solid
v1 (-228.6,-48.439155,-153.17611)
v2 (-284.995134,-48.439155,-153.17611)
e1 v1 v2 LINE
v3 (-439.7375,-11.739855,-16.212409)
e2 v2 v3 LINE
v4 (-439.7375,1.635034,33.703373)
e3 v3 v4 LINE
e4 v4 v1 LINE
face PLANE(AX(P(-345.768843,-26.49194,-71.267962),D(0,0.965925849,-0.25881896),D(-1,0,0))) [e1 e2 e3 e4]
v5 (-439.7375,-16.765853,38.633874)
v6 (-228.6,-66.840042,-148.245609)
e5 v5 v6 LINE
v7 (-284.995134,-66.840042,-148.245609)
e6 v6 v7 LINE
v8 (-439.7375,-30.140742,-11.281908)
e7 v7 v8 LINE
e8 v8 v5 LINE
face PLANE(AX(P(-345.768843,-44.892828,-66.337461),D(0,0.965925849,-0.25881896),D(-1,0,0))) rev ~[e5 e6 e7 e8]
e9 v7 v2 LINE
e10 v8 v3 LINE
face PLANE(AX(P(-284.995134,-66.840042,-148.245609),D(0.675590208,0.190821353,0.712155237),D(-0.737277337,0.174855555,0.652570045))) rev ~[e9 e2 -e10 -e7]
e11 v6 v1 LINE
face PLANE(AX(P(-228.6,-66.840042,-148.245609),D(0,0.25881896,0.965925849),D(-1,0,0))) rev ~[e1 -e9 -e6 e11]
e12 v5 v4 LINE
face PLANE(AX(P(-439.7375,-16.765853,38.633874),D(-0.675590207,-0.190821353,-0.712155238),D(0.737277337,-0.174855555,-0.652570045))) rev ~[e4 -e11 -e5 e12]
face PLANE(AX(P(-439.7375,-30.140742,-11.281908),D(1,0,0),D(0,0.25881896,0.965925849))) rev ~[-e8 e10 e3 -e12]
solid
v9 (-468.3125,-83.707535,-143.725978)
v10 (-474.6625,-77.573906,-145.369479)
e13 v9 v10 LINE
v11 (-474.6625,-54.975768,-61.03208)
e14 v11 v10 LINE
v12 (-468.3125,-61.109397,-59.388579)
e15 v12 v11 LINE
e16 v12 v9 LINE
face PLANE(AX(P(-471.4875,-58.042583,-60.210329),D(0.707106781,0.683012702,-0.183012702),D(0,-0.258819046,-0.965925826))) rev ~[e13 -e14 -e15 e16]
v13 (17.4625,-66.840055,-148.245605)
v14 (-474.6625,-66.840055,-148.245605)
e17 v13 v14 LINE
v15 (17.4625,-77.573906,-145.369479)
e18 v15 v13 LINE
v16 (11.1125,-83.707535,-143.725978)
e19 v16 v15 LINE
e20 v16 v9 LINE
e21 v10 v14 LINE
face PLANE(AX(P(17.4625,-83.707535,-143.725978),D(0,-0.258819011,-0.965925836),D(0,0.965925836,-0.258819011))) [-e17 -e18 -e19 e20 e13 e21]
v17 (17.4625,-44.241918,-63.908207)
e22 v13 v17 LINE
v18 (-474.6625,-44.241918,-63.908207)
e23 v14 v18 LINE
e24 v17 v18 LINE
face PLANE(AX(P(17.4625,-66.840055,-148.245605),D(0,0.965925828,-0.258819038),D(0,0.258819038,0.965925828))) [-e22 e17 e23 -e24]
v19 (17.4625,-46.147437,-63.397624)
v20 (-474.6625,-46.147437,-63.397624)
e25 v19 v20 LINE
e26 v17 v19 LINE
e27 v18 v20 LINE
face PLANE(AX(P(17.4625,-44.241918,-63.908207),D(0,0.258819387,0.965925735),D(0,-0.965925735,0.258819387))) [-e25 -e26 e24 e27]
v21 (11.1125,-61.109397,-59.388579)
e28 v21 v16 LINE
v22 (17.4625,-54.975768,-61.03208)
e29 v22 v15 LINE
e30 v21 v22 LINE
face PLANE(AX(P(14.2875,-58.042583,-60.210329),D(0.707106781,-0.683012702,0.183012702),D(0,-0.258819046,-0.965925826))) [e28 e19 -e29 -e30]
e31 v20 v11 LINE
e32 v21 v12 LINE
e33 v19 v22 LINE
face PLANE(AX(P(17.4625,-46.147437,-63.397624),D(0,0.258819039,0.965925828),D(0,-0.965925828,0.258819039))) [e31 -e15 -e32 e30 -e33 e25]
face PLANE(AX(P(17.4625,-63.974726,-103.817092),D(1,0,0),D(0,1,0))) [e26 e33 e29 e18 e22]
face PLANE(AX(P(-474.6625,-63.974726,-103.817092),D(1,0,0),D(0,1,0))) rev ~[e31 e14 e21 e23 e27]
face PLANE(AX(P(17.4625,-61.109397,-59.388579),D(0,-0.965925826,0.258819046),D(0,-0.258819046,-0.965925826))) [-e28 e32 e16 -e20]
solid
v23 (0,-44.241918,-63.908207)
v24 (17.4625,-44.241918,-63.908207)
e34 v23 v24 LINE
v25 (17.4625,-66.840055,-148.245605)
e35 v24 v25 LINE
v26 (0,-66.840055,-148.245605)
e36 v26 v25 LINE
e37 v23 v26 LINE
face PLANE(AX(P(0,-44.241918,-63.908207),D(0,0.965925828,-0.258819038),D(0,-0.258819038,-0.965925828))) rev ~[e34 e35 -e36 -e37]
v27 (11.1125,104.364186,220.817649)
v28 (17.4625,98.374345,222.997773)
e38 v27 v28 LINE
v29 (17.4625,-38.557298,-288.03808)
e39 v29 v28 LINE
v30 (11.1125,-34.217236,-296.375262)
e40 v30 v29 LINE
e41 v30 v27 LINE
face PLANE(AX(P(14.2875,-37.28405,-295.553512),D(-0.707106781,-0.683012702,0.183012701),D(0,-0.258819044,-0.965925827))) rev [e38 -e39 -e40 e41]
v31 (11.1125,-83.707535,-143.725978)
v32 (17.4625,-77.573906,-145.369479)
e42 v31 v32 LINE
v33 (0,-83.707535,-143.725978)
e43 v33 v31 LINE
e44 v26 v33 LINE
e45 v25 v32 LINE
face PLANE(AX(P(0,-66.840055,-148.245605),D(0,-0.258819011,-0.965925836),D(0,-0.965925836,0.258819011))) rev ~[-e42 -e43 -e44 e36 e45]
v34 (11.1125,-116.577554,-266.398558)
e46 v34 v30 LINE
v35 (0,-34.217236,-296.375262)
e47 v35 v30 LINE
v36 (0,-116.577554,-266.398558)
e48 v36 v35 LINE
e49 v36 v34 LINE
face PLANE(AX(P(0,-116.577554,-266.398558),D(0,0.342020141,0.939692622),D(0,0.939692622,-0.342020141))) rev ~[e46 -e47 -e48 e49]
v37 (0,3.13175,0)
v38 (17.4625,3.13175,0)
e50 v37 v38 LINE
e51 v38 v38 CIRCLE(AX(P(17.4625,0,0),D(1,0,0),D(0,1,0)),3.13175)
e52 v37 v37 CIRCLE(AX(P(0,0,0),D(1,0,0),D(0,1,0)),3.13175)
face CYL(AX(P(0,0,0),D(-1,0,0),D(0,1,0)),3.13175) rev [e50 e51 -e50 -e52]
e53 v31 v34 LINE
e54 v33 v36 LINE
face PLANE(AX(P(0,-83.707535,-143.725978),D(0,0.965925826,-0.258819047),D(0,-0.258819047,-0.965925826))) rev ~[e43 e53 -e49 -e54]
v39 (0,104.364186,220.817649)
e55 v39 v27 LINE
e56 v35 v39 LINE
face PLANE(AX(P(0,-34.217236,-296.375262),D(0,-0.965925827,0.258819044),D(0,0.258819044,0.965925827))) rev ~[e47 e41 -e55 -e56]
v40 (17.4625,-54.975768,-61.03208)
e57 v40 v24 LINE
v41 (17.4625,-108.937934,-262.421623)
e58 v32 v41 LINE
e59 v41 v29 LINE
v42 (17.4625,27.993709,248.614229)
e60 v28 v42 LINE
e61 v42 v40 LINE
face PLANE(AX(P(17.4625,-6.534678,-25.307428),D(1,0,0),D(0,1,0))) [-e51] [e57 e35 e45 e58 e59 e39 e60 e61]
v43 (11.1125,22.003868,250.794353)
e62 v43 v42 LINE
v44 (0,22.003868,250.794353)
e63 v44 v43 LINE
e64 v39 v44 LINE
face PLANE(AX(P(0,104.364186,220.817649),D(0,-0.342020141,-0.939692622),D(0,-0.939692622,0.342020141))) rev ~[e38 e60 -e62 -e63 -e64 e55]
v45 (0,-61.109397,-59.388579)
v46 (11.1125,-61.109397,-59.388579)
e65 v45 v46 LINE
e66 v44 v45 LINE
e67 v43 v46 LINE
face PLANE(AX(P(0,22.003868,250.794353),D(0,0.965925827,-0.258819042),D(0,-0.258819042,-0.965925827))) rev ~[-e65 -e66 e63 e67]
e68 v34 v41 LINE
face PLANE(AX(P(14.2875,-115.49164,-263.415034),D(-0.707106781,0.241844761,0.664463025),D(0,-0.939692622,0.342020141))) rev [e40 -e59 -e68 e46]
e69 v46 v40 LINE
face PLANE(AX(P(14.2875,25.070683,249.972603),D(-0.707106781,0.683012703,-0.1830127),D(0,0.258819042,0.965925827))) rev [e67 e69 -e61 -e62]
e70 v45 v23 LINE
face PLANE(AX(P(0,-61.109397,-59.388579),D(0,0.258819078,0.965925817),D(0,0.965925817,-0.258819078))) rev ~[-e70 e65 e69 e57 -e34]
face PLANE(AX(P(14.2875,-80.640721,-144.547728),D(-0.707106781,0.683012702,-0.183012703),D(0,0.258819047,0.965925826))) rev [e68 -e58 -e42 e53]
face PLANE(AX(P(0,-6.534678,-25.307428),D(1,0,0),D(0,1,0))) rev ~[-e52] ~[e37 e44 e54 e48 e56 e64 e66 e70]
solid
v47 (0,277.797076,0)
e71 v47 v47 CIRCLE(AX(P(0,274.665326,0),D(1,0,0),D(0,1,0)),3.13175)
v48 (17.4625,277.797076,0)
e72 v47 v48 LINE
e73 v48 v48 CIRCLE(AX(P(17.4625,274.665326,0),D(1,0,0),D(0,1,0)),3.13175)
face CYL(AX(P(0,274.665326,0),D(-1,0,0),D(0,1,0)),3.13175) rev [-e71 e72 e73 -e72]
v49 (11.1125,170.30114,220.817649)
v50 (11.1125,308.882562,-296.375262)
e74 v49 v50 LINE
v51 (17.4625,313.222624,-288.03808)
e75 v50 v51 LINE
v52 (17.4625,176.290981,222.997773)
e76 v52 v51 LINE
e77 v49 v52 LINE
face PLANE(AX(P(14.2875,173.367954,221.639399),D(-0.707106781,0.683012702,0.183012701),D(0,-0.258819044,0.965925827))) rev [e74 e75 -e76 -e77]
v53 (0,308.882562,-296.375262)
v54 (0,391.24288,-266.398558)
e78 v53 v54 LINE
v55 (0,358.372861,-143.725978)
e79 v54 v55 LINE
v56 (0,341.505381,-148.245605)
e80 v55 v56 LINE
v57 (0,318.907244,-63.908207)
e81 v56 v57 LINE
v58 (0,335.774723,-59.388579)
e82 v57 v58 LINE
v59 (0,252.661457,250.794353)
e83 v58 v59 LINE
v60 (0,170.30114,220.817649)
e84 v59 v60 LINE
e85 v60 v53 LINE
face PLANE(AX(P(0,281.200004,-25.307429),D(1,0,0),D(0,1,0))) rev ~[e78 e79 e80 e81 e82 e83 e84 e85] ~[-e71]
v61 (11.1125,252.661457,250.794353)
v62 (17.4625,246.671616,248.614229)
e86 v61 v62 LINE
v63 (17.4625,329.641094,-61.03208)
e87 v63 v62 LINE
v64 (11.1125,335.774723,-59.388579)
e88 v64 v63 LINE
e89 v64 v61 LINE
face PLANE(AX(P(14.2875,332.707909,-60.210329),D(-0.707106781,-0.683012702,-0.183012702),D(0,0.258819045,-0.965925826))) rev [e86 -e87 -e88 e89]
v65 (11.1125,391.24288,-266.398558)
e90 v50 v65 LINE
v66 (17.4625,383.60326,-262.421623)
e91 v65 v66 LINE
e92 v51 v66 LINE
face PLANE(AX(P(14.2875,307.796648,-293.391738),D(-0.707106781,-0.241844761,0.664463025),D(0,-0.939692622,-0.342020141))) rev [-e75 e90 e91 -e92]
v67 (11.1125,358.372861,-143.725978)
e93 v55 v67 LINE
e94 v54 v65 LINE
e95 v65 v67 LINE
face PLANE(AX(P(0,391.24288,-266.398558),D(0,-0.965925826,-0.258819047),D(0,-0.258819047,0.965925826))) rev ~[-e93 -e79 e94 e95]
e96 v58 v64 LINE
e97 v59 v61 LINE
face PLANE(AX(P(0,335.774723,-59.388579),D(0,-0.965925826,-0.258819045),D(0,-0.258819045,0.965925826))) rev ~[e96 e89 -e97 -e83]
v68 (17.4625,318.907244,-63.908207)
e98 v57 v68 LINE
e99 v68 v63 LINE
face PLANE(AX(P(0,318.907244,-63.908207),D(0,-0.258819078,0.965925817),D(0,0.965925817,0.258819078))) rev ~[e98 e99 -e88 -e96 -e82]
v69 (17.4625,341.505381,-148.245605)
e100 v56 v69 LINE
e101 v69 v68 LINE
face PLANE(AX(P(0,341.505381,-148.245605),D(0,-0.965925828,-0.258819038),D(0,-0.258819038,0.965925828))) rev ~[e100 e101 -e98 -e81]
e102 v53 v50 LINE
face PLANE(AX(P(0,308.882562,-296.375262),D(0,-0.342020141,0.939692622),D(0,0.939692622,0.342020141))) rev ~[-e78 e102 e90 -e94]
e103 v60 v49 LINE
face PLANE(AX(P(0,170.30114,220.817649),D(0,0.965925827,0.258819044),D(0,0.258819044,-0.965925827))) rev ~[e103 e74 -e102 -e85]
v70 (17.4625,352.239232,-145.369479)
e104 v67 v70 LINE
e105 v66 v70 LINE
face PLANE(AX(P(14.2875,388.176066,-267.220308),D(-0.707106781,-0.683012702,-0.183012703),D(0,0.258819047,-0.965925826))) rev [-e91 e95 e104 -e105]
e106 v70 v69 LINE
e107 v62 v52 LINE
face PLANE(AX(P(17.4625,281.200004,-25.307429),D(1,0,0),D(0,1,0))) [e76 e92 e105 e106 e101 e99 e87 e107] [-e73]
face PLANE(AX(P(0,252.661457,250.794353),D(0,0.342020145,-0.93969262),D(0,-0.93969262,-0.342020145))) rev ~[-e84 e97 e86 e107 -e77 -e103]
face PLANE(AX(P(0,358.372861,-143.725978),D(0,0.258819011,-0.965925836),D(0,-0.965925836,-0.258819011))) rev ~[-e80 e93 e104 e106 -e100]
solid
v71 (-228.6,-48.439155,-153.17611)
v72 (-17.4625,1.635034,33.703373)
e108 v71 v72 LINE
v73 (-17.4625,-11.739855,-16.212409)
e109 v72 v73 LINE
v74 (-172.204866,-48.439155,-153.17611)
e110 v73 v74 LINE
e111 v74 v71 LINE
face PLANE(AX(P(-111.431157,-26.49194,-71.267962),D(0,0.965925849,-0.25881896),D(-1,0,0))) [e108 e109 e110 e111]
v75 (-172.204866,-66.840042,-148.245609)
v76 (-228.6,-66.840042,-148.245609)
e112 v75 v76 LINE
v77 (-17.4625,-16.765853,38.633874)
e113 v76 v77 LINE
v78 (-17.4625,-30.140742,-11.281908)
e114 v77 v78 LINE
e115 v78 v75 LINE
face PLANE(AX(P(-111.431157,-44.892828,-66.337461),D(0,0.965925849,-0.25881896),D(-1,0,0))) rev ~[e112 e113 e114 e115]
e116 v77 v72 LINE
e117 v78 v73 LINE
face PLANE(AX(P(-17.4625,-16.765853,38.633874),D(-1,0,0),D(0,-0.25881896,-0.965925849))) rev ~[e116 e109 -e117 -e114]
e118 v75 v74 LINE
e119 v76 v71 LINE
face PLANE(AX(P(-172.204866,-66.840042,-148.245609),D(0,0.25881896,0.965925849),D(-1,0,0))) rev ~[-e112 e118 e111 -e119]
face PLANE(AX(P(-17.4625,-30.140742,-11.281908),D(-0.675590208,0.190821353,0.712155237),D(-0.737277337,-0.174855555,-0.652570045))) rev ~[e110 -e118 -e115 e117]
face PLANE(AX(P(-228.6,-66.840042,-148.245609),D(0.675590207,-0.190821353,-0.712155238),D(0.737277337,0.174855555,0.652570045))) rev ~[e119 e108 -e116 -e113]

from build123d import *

# Parameters (mm, degrees)
F0_R      = 3.13175
F1_DEPTH  = 17.4625
F3_DEPTH  = 492.125
F4_SIZE   = 6.35
F4_2_SIZE = 6.35
F6_DEPTH  = 19.05


with BuildPart() as f1:
    # F0 (on Right) → F1 (new body)
    with BuildSketch(Plane.YZ):
        Polygon((104.364186, 220.817649), (22.003868, 250.794353), (-61.109397, -59.388579), (-44.241918, -63.908207), (-66.840055, -148.245605), (-83.707535, -143.725978), (-116.577554, -266.398558), (-34.217236, -296.375262), align=None)
        Circle(F0_R, mode=Mode.SUBTRACT)
        Polygon((252.661457, 250.794353), (170.30114, 220.817649), (308.882562, -296.375262), (391.24288, -266.398558), (358.372861, -143.725978), (341.505381, -148.245605), (318.907244, -63.908207), (335.774723, -59.388579), align=None)
        with Locations((274.665326, 0)):
            Circle(F0_R, mode=Mode.SUBTRACT)
    extrude(amount=F1_DEPTH)

    # F4#2
    f4_2_edges = [f1.edges().sort_by_distance(p)[0] for p in [
        (17.4625, -19.552765, 95.702887),
        (17.4625, 35.073475, -37.778806),
        (17.4625, -100.142545, -205.062268),
        (17.4625, -75.397395, -281.38691),
        (17.4625, 239.591851, -37.778806),
        (17.4625, 294.21809, 95.702887),
        (17.4625, 374.80787, -205.062268),
        (17.4625, 350.062721, -281.38691),
    ]]
    chamfer(f4_2_edges, length=F4_2_SIZE)


with BuildPart() as f3:
    # F2 (on face) → F3 (new body)
    with BuildSketch(Plane.YZ.offset(17.4625)):
        Polygon((-66.840055, -148.245605), (-44.241918, -63.908207), (-46.147437, -63.397624), (-61.109397, -59.388579), (-83.707535, -143.725978), align=None)
    extrude(amount=-F3_DEPTH)

    # F4
    f4_edges = [f3.edges().sort_by_distance(p)[0] for p in [
        (17.4625, -72.408466, -101.557278),
        (-474.6625, -72.408466, -101.557278),
    ]]
    chamfer(f4_edges, length=F4_SIZE)


with BuildPart() as f6:
    # F5 (on face) → F6 (new body)
    with BuildSketch(Plane(origin=(0, -25.30122, 6.779441), x_dir=(-1, 0, 0), z_dir=(0, 0.965926, -0.258819))):
        Polygon((17.4625, 32.978135), (17.4625, -18.698484), (172.204866, -160.493738), (228.6, -160.493738), align=None)
        Polygon((439.7375, 32.978135), (228.6, -160.493738), (284.995134, -160.493738), (439.7375, -18.698484), align=None)
    extrude(amount=F6_DEPTH)


solid = Compound([f1.part, f3.part, f6.part])
